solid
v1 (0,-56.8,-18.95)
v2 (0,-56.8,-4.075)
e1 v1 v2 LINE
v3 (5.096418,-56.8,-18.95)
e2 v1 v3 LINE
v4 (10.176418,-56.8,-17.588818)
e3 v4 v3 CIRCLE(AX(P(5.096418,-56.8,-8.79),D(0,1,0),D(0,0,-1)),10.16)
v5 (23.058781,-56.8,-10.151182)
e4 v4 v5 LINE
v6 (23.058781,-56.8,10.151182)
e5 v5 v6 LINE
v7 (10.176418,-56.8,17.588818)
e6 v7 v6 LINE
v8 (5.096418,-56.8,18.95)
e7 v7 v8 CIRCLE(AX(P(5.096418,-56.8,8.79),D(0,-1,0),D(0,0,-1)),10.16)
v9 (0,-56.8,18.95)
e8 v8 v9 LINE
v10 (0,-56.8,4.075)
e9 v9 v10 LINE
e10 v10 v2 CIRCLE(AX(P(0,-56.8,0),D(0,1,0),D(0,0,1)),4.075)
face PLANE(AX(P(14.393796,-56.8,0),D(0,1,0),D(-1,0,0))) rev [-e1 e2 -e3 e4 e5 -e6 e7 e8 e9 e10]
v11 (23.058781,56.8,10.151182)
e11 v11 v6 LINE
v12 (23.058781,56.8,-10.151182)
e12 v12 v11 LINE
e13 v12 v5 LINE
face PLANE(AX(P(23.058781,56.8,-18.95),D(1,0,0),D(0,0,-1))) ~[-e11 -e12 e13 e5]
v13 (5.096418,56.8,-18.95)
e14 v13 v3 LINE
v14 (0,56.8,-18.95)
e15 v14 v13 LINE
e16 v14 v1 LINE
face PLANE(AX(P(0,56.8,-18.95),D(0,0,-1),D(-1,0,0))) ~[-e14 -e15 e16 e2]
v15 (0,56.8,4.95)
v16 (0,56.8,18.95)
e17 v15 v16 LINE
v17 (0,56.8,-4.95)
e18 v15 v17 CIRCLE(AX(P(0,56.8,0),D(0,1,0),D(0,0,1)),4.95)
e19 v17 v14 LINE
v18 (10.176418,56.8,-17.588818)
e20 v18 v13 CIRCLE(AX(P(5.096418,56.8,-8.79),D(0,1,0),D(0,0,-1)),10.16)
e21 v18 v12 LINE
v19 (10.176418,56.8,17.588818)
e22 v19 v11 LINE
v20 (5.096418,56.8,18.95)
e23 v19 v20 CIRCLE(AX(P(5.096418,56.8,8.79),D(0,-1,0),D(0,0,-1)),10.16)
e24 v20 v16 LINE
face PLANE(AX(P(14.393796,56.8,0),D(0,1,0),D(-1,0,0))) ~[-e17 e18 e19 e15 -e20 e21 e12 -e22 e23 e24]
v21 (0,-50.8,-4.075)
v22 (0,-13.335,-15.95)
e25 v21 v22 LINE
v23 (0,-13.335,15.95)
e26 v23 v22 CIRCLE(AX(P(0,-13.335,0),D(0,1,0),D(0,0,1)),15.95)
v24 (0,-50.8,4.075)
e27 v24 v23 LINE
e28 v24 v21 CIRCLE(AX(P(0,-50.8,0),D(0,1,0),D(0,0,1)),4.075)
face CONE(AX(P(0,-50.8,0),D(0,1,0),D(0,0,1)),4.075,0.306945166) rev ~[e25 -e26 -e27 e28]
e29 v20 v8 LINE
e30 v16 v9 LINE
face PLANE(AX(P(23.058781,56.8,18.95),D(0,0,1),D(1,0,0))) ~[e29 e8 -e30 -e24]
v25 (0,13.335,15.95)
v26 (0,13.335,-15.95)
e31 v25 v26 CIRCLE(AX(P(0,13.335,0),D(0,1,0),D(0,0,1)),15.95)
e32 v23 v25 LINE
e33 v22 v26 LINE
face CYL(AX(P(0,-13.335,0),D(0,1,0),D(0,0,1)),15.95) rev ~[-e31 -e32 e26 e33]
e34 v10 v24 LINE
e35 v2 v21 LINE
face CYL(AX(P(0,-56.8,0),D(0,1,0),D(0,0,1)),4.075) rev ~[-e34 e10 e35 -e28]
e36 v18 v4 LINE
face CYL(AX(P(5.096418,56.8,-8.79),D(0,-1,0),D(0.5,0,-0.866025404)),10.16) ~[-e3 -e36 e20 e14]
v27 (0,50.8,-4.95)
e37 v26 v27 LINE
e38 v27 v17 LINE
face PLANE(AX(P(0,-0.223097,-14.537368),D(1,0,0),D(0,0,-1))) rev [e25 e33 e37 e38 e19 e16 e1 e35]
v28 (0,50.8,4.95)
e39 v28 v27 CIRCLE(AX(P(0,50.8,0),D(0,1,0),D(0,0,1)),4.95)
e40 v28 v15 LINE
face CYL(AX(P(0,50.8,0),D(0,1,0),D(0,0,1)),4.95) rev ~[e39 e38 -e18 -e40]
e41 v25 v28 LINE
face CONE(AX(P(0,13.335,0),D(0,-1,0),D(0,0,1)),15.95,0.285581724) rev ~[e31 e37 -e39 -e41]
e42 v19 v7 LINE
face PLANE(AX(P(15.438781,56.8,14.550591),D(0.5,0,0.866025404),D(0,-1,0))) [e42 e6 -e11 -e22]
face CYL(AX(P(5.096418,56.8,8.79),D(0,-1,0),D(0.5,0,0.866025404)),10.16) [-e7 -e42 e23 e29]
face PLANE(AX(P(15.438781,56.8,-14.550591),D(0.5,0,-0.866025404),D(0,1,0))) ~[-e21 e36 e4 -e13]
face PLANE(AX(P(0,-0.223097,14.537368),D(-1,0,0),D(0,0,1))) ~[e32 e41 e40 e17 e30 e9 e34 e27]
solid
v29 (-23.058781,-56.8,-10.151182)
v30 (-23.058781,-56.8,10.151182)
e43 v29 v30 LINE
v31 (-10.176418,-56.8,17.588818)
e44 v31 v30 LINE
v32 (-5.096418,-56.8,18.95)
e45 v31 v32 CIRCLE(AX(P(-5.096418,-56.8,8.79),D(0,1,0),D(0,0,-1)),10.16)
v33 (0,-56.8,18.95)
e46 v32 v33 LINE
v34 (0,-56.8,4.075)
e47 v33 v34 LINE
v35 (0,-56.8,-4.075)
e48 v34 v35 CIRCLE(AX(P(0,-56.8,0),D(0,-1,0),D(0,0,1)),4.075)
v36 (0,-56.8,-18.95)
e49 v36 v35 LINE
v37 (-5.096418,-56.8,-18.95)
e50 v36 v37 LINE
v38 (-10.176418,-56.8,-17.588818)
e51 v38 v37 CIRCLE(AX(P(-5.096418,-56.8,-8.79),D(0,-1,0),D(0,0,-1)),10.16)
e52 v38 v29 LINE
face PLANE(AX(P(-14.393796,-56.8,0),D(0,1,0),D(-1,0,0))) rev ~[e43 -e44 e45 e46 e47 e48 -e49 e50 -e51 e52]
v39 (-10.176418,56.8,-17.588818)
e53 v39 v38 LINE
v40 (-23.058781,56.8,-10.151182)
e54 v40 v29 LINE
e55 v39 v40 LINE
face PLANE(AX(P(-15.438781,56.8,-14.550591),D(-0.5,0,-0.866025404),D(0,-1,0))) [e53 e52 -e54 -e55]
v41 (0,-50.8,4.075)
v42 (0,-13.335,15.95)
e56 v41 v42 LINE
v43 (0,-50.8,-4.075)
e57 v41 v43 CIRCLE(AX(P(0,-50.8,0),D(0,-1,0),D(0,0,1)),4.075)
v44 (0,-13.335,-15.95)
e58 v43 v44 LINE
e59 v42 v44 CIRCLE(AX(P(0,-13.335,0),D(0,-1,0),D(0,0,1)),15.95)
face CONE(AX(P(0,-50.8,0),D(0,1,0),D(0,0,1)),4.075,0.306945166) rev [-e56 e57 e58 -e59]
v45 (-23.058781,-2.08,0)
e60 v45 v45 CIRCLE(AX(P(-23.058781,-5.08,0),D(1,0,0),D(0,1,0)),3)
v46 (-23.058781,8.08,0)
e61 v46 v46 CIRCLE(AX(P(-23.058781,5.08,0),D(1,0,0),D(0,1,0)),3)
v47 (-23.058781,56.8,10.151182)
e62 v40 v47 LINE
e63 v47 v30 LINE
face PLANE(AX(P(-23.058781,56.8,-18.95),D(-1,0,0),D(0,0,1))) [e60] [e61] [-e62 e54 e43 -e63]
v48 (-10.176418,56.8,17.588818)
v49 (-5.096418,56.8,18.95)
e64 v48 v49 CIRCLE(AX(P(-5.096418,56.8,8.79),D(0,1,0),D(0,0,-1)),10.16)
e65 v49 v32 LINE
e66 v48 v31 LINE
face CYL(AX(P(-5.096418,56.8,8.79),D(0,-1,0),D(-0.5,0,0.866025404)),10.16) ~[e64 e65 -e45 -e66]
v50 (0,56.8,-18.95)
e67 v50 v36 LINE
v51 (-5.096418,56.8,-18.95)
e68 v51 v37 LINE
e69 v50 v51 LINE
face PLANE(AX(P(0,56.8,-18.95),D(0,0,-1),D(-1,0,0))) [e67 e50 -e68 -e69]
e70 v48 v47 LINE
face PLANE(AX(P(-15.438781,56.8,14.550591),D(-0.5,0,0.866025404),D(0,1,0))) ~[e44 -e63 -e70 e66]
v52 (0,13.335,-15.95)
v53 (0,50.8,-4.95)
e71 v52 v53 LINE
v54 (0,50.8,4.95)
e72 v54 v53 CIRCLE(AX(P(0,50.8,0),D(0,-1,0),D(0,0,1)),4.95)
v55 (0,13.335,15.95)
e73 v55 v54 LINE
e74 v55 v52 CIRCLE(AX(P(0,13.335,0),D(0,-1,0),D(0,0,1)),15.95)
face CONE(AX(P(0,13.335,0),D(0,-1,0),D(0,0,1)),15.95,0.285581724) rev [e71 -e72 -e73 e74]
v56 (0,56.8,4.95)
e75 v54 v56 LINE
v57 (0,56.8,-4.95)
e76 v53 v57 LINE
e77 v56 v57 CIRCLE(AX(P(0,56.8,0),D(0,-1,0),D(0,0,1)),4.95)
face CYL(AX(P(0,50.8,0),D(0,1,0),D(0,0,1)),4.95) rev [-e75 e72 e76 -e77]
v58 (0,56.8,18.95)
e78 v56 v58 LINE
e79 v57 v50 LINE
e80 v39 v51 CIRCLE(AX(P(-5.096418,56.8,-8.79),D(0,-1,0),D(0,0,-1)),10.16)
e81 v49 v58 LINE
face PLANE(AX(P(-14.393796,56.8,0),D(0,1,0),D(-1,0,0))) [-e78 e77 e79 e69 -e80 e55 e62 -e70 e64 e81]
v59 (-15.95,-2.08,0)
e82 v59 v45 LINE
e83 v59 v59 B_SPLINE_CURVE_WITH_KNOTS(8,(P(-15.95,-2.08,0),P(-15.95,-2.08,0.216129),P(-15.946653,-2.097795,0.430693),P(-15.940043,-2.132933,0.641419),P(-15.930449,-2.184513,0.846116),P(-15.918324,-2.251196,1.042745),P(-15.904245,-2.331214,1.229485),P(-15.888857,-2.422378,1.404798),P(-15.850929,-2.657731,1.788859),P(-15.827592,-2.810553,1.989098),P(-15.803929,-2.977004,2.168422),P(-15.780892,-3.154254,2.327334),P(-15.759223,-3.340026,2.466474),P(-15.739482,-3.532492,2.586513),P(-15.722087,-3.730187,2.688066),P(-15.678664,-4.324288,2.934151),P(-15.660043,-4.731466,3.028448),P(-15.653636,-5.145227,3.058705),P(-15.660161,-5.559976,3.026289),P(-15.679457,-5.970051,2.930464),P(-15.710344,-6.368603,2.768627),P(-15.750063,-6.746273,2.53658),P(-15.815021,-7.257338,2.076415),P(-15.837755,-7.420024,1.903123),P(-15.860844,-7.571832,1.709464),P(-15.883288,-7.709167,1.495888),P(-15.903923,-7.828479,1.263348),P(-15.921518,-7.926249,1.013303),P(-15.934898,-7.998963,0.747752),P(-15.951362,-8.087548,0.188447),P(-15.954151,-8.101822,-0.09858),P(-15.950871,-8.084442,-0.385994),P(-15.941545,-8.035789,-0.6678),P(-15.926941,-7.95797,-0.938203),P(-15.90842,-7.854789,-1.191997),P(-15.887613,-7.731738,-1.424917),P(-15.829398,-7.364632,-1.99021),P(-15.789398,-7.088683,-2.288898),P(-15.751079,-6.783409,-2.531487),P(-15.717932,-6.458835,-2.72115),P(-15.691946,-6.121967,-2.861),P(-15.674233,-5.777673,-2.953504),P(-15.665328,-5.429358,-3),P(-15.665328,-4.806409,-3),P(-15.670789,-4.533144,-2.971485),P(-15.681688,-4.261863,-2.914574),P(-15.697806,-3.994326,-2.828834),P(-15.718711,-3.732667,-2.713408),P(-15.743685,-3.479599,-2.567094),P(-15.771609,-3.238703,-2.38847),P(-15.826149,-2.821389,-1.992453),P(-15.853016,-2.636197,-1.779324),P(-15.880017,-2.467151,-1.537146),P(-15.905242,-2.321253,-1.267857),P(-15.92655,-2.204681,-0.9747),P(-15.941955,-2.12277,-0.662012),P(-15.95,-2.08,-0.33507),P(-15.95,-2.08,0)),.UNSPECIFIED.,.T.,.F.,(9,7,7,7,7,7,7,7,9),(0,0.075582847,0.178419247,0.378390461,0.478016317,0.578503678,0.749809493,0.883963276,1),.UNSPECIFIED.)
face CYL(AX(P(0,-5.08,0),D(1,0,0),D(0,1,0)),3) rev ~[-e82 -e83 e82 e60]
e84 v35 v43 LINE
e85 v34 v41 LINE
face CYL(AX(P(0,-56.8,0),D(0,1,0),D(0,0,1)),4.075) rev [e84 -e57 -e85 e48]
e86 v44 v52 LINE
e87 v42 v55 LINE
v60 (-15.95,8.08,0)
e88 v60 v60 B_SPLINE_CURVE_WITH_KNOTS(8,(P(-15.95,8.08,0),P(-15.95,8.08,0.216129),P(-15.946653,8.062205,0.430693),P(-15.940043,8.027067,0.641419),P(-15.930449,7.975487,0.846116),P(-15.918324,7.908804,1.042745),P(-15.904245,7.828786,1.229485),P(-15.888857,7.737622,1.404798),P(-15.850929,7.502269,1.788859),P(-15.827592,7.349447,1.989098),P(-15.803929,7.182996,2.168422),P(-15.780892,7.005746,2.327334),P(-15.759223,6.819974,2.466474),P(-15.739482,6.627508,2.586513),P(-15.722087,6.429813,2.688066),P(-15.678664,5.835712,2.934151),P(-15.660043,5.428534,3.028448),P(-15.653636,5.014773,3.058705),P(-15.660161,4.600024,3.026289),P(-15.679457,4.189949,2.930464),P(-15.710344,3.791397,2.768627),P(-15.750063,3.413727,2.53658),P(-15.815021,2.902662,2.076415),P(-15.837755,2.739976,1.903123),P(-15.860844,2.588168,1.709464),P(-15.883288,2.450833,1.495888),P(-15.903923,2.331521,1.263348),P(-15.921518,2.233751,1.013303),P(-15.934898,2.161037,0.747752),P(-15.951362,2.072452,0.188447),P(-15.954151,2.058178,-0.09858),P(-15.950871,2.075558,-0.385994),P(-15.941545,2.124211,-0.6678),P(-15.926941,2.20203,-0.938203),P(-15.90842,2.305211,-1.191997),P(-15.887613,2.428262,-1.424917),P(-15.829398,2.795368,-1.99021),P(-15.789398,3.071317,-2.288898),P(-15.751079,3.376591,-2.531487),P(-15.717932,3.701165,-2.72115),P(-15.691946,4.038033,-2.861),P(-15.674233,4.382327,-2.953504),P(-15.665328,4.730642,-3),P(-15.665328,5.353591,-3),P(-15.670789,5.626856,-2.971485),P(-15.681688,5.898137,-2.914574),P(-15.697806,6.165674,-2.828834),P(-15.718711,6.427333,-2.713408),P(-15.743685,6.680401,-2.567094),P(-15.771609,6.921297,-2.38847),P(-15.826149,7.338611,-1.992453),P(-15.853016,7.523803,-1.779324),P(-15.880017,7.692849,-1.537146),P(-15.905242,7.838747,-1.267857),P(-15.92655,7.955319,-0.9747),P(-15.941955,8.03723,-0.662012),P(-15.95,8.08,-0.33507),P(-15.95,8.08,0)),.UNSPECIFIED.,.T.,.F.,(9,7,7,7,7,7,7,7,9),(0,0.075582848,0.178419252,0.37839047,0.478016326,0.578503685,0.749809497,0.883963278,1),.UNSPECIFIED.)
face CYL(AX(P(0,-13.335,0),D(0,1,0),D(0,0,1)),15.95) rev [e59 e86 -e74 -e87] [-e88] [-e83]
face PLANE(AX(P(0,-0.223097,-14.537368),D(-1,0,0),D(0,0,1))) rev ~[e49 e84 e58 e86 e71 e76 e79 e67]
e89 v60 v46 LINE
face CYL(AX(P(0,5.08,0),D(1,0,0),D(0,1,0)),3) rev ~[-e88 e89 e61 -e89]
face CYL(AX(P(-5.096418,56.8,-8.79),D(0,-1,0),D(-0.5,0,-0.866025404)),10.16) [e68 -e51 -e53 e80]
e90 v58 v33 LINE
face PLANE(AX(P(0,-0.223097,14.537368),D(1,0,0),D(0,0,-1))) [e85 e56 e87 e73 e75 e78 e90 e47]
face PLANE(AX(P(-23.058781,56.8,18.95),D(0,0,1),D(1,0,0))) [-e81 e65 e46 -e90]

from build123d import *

# Parameters (mm, degrees)
F1_ANGLE_BACK = 90
F1_ANGLE      = 180
F3_DEPTH      = 113.6
F5_SIZE2      = 8.7988181024
F5_SIZE       = 15.24
F5_2_SIZE2    = 8.7988181024
F5_2_SIZE     = 15.24
F6_R          = 10.16
F7_R          = 3
F10_DEPTH     = 23.0597814003


with BuildPart() as f1:
    # F0 (on Top) → F1 (revolve)
    with BuildSketch(Plane.XY, mode=Mode.PRIVATE) as f1_sk:
        Polygon((-15.95, 13.335), (-4.95, 50.8), (-4.95, 56.8), (-18.95, 56.8), (-18.95, -56.8), (-4.075, -56.8), (-4.075, -50.8), (-15.95, -13.335), (-15.95, 0), align=None)
    revolve(f1_sk.sketch.rotate(Axis((0, 0.9961221367, 0), (0, -1, 0)), -F1_ANGLE_BACK), axis=Axis((0, 0.9961221367, 0), (0, -1, 0)), revolution_arc=F1_ANGLE)

    # F2 (on face) → F3 (join, through all)
    with BuildSketch(Plane(origin=(0, 56.8, 0), x_dir=(-1, 0, 0), z_dir=(0, 1, 0))):
        with BuildLine():
            Line((23.0587814003, 18.95), (0, 18.95))
            ThreePointArc((0, 18.95), (18.95, 0), (0, -18.95))
            Line((0, -18.95), (23.0587814003, -18.95))
            Line((23.0587814003, -18.95), (23.0587814003, 18.95))
        make_face()
    extrude(amount=-F3_DEPTH)

    # F5
    f5_edges = [f1.edges().sort_by_distance(p)[0] for p in [
        (-23.058781, 0, -18.95),
    ]]
    f5_side = f1.faces().sort_by_distance((-11.529391, 0, -18.95))[0]
    chamfer(f5_edges, length=F5_SIZE, length2=F5_SIZE2, reference=f5_side)

    # F5#2
    f5_2_edges = [f1.edges().sort_by_distance(p)[0] for p in [
        (-23.058781, 0, 18.95),
    ]]
    f5_2_side = f1.faces().sort_by_distance((-11.529391, 0, 18.95))[0]
    chamfer(f5_2_edges, length=F5_2_SIZE, length2=F5_2_SIZE2, reference=f5_2_side)

    # F6
    f6_edges = [f1.edges().sort_by_distance(p)[0] for p in [
        (-7.818781, 0, 18.95),
        (-7.818781, 0, -18.95),
    ]]
    fillet(f6_edges, radius=F6_R)


with BuildPart() as f9_1:
    # F9: instance of F1
    add(f1.part.mirror(Plane.YZ))


with BuildPart() as f1_1:
    add(f1.part)

    # F7 (on face) → F10 (cut, through all)
    with BuildSketch(Plane.YZ):
        with Locations((-5.08, 0)):
            Circle(F7_R)
        with Locations((5.08, 0)):
            Circle(F7_R)
    extrude(amount=-F10_DEPTH, mode=Mode.SUBTRACT)


solid = Compound([f9_1.part, f1_1.part])
